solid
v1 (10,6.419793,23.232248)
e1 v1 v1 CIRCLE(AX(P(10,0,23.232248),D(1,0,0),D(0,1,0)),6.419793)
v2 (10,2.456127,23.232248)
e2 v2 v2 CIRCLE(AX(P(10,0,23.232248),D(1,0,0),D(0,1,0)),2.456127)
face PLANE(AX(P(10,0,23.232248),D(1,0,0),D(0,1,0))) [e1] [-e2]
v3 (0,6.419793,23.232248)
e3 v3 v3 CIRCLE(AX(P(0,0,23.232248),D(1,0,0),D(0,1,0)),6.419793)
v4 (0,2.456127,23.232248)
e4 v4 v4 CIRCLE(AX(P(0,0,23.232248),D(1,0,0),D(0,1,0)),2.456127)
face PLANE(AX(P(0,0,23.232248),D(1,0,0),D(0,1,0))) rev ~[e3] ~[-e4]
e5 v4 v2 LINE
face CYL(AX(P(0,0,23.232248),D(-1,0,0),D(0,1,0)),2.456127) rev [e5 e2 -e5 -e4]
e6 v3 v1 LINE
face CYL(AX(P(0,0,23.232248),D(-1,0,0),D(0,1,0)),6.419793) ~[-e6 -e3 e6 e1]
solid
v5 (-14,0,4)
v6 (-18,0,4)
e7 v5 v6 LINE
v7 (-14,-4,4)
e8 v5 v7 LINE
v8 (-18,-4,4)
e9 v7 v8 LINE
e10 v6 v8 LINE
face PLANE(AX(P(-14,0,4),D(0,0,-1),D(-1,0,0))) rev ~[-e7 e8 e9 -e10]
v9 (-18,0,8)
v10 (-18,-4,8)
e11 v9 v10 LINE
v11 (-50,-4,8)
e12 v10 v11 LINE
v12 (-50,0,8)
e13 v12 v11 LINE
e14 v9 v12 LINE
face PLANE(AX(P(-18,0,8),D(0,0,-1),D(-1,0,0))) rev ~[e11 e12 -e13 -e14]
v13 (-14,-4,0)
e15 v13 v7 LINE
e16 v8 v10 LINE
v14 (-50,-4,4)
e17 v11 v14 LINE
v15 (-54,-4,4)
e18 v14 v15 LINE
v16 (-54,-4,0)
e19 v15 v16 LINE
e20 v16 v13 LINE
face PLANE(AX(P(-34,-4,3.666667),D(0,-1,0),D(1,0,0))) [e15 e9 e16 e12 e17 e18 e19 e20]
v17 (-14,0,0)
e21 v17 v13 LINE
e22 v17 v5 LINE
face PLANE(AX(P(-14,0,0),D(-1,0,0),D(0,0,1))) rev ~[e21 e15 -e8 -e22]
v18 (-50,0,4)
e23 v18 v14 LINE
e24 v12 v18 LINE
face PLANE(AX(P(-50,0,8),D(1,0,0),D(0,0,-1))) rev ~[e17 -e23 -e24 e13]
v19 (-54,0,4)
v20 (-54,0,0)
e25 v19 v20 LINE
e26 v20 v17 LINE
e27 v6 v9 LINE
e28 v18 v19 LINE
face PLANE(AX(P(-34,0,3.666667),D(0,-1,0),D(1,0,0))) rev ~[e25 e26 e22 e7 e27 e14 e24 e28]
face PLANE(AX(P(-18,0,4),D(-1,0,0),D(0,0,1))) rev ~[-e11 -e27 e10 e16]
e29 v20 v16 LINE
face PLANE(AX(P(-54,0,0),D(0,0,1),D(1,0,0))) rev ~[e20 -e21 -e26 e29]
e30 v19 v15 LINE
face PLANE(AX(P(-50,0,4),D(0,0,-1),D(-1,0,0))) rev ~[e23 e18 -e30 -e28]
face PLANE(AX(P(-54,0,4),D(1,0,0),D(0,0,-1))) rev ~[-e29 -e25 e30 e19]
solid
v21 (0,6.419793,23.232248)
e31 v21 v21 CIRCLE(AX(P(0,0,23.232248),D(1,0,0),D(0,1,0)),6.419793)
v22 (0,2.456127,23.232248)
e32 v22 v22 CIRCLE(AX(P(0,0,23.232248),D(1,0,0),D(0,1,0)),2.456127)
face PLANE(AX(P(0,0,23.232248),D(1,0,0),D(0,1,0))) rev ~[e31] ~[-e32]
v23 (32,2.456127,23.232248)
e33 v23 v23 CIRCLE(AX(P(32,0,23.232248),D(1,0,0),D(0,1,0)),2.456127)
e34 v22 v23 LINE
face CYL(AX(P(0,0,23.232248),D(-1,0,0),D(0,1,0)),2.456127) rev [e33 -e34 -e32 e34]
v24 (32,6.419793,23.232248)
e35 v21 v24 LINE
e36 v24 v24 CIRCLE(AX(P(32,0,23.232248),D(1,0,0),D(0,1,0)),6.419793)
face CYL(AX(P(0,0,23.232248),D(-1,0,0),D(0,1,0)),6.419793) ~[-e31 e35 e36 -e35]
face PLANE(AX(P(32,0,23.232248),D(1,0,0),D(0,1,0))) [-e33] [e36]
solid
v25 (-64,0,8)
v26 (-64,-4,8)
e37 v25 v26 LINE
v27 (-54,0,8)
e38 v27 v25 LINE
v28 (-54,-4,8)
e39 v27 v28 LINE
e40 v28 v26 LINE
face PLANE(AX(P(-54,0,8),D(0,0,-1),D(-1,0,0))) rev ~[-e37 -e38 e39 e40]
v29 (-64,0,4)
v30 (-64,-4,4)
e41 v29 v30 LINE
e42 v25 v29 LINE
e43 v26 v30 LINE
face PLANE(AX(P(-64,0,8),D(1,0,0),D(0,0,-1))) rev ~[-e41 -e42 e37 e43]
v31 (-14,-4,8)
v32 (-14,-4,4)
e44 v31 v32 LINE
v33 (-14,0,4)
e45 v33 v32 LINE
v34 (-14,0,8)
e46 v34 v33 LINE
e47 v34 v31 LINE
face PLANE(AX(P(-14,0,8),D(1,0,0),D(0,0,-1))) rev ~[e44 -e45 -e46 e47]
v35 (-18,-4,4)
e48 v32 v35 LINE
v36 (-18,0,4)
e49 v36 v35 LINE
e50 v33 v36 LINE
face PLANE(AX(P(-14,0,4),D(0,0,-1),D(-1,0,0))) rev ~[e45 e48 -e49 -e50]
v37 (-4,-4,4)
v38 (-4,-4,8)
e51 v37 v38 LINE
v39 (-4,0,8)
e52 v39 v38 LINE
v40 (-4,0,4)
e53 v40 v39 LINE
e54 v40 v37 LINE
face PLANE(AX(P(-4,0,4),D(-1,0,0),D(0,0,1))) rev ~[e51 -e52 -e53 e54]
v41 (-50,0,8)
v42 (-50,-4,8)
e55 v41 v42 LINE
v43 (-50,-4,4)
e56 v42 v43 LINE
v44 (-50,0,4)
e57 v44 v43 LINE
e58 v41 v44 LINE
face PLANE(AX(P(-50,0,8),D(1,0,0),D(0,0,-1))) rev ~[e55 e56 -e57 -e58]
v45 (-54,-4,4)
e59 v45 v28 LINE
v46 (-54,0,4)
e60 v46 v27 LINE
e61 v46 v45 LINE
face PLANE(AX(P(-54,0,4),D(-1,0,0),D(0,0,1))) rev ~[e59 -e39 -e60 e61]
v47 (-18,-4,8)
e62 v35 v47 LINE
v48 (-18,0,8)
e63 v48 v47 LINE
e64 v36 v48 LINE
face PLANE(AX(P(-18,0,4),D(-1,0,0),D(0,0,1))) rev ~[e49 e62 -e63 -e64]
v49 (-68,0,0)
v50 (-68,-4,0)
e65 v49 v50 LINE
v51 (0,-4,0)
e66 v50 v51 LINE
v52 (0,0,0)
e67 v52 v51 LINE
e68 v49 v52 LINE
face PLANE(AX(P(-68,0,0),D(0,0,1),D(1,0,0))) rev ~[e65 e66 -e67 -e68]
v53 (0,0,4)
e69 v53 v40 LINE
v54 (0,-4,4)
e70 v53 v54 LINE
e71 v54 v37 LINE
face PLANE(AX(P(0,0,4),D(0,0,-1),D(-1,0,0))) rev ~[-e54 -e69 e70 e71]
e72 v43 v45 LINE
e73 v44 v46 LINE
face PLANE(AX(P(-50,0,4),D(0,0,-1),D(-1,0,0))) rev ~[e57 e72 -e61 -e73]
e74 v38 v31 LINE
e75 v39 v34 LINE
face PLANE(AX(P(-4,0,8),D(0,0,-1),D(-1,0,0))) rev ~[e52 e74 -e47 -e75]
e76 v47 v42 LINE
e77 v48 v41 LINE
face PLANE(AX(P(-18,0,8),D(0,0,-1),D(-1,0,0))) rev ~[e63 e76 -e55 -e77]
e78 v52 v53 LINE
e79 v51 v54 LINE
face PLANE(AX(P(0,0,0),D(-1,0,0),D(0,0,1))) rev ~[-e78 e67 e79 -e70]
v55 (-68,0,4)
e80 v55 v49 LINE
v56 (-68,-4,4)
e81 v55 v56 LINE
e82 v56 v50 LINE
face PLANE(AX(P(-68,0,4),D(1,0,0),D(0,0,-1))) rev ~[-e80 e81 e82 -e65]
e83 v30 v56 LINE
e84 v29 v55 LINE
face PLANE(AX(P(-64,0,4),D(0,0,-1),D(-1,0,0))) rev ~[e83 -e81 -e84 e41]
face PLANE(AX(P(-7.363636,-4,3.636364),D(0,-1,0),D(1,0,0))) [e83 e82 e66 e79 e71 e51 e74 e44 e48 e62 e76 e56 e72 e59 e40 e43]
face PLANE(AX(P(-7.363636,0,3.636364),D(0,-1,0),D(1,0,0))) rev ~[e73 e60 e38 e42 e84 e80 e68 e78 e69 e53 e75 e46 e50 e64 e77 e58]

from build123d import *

# Parameters (mm, degrees)
F1_DEPTH = 4
F2_DEPTH = 4
F3_R     = 6.419793
F3_R_2   = 2.456127
F4_DEPTH = 32
F5_DEPTH = 10


with BuildPart() as f1:
    # F0 (on Front) → F1 (new body)
    with BuildSketch(Plane.XZ):
        Polygon((-14, 0), (0, 0), (0, 4), (-4, 4), (-4, 8), (-14, 8), (-14, 4), align=None)
        Polygon((-54, 0), (-14, 0), (-14, 4), (-18, 4), (-18, 8), (-50, 8), (-50, 4), (-54, 4), align=None)
        Polygon((-68, 0), (-54, 0), (-54, 4), (-54, 8), (-64, 8), (-64, 4), (-68, 4), align=None)
    extrude(amount=F1_DEPTH)


with BuildPart() as f2:
    # F0 (on Front) → F2 (new body)
    with BuildSketch(Plane.XZ):
        Polygon((-54, 0), (-14, 0), (-14, 4), (-18, 4), (-18, 8), (-50, 8), (-50, 4), (-54, 4), align=None)
    extrude(amount=F2_DEPTH)


with BuildPart() as f4:
    # F3 (on Right) → F4 (new body)
    with BuildSketch(Plane.YZ):
        with Locations((0, 23.232248)):
            Circle(F3_R)
        with Locations((0, 23.232248)):
            Circle(F3_R_2, mode=Mode.SUBTRACT)
    extrude(amount=F4_DEPTH)


with BuildPart() as f5:
    # F3 (on Right) → F5 (new body)
    with BuildSketch(Plane.YZ):
        with Locations((0, 23.232248)):
            Circle(F3_R)
        with Locations((0, 23.232248)):
            Circle(F3_R_2, mode=Mode.SUBTRACT)
    extrude(amount=F5_DEPTH)


solid = Compound([f1.part, f2.part, f4.part, f5.part])
